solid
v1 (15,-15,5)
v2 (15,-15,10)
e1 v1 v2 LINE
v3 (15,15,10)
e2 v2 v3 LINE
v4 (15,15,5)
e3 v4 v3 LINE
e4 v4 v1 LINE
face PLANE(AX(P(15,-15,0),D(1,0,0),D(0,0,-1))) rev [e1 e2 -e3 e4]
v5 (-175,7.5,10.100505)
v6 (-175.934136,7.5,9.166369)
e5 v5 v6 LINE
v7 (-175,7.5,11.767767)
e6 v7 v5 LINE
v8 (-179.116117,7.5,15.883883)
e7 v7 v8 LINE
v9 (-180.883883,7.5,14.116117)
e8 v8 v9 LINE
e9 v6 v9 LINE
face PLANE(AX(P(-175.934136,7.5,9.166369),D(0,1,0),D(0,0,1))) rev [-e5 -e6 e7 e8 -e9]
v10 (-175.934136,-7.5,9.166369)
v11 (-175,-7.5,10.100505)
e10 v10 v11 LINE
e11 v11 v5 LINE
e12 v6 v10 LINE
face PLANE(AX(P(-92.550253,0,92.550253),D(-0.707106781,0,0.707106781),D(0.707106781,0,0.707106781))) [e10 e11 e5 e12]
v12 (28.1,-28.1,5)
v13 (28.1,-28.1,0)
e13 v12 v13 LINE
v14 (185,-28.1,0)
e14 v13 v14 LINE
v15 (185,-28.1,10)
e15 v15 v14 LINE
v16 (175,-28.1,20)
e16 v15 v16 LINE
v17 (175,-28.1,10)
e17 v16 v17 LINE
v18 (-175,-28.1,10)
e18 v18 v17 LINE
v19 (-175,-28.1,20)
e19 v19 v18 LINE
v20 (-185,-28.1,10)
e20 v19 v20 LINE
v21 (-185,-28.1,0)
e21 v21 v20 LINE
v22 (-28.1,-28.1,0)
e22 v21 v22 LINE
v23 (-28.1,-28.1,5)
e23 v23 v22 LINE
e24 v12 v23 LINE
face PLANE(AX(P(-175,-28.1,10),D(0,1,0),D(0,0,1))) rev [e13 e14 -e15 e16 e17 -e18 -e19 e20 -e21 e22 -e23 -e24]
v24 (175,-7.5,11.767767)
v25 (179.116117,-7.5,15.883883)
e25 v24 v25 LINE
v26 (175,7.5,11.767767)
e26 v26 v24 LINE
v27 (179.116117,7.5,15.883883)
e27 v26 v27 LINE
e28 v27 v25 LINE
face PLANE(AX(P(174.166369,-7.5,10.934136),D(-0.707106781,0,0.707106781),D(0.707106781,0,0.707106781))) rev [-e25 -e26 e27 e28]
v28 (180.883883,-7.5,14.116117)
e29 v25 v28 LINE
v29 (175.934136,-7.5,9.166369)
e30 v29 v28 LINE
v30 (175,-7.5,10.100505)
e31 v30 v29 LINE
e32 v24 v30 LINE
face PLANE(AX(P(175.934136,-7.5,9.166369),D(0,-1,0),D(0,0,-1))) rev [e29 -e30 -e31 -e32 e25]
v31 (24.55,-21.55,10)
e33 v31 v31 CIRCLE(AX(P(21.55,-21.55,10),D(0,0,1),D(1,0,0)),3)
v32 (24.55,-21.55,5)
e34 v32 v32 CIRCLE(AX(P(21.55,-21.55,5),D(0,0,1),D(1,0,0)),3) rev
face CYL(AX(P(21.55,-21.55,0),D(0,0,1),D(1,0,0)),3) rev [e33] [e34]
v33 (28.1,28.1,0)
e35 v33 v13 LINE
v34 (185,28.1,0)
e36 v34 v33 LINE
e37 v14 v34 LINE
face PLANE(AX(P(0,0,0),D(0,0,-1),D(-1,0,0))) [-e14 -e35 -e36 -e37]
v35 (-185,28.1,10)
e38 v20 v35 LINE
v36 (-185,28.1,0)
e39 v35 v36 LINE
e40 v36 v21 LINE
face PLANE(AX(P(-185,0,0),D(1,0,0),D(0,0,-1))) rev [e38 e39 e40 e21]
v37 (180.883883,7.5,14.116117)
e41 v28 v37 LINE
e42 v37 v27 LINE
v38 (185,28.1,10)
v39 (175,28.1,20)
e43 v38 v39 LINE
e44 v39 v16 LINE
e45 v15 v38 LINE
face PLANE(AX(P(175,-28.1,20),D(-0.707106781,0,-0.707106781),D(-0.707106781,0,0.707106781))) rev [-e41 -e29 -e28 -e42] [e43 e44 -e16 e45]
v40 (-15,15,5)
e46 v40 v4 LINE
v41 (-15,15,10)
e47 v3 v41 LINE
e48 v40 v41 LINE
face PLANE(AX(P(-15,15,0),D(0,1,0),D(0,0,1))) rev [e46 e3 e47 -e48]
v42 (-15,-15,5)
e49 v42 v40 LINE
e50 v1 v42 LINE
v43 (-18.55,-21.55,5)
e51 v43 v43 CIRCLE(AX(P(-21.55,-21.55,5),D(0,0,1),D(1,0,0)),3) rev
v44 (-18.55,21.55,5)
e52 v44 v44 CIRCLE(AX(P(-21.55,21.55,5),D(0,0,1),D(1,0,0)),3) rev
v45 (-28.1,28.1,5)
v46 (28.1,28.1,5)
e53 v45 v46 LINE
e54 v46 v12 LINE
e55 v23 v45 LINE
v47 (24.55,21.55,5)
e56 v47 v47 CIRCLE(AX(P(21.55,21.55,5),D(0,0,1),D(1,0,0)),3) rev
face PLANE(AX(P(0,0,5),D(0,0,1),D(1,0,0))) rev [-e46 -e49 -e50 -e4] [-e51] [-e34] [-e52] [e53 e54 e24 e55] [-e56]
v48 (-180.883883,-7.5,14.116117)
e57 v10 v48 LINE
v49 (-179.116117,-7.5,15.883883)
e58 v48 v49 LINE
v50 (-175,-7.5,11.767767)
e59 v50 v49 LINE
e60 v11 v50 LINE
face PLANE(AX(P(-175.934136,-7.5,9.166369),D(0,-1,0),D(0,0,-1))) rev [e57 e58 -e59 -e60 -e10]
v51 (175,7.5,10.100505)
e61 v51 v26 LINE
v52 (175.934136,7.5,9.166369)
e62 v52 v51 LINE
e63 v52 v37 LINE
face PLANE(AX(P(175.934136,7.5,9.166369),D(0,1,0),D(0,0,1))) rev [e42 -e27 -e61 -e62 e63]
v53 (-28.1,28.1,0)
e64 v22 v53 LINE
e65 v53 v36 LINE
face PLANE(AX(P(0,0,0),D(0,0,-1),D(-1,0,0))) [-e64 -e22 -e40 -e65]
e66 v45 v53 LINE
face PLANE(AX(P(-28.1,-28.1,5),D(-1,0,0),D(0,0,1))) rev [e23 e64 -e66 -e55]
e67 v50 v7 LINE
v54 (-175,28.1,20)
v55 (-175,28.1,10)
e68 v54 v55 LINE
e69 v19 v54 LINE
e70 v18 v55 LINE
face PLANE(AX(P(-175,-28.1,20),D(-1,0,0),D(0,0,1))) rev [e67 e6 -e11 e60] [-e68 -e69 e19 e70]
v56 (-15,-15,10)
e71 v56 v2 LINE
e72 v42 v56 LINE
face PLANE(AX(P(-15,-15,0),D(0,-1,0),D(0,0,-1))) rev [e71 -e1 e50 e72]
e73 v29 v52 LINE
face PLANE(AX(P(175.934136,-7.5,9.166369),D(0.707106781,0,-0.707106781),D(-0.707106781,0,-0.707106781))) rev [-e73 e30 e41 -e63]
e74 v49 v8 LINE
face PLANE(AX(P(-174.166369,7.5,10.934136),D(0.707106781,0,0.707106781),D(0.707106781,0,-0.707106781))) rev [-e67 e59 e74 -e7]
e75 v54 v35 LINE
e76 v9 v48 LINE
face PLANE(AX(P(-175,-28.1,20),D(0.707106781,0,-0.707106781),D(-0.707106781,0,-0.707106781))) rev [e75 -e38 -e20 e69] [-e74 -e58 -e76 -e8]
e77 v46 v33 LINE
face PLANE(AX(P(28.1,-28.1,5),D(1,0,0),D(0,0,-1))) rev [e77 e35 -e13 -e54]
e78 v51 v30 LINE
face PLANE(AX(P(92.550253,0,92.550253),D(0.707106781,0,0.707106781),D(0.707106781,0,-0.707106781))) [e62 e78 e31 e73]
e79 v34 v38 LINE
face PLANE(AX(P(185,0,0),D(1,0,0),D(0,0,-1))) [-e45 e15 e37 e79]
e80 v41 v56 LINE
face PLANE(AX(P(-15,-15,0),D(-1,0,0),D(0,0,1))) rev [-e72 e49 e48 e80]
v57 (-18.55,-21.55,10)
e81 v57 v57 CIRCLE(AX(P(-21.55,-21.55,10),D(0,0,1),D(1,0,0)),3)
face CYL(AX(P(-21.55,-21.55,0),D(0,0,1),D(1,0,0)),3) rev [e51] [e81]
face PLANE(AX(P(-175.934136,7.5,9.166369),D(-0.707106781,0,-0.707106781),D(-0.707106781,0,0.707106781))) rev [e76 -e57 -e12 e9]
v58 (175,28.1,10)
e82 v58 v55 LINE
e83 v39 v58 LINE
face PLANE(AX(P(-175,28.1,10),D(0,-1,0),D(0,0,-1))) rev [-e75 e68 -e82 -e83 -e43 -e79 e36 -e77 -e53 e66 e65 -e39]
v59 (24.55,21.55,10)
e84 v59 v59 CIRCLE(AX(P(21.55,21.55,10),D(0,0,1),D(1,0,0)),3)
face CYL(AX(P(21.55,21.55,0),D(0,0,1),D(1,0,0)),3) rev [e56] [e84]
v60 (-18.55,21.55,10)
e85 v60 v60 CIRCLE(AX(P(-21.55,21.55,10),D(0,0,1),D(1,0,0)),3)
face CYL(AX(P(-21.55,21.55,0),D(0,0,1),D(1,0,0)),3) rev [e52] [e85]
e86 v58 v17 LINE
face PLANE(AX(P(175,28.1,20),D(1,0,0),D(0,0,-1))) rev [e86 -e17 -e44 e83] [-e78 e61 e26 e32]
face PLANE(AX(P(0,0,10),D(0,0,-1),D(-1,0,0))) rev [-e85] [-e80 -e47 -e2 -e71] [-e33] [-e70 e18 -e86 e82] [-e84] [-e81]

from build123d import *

# Parameters (mm, degrees)
SKETCH1_W           = 350
SKETCH1_H           = 56.2
BOSS_EXTRUDE1_DEPTH = 10
SKETCH2_W           = 56.2
SKETCH2_H           = 56.2
CUT_EXTRUDE1_DEPTH  = 5
SKETCH3_W           = 10
SKETCH3_H           = 56.2
BOSS_EXTRUDE2_DEPTH = 10
SKETCH4_W           = 10
SKETCH4_H           = 56.2
BOSS_EXTRUDE3_DEPTH = 10
CUT_EXTRUDE2_DEPTH  = 56.2
SKETCH6_W           = 10
SKETCH6_H           = 56.2
BOSS_EXTRUDE4_DEPTH = 10
SKETCH7_W           = 10
SKETCH7_H           = 56.2
BOSS_EXTRUDE5_DEPTH = 10
CUT_EXTRUDE3_DEPTH  = 56.2
SKETCH9_W           = 30
SKETCH9_H           = 30
CUT_EXTRUDE4_DEPTH  = 5
SKETCH10_R          = 3
CUT_EXTRUDE5_DEPTH  = 5
SKETCH11_W          = 2.5
SKETCH11_H          = 15
CUT_EXTRUDE6_DEPTH  = 7
SKETCH12_W          = 2.5
SKETCH12_H          = 15
CUT_EXTRUDE8_DEPTH  = 7
SKETCH14_W          = 56.2
SKETCH14_H          = 56.2
SKETCH14_R          = 3
SKETCH14_W_2        = 30
SKETCH14_H_2        = 30
BOSS_EXTRUDE7_DEPTH = 5
SKETCH15_W          = 56.2
SKETCH15_H          = 56.2
CUT_EXTRUDE9_DEPTH  = 5


with BuildPart() as part:
    # Sketch1 → Boss-Extrude1 (new body)
    with BuildSketch(Plane.XY):
        Rectangle(SKETCH1_W, SKETCH1_H)
    extrude(amount=BOSS_EXTRUDE1_DEPTH)

    # Sketch2 → Cut-Extrude1 (cut)
    with BuildSketch(Plane.XY.offset(10)):
        Rectangle(SKETCH2_W, SKETCH2_H)
    extrude(amount=-CUT_EXTRUDE1_DEPTH, mode=Mode.SUBTRACT)

    # Sketch3 → Boss-Extrude2 (add)
    with BuildSketch(Plane(origin=(175, 0, 0), x_dir=(0, 0, -1), z_dir=(1, 0, 0))):
        with Locations((-5, 0)):
            Rectangle(SKETCH3_W, SKETCH3_H)
    extrude(amount=BOSS_EXTRUDE2_DEPTH)

    # Sketch4 → Boss-Extrude3 (add)
    with BuildSketch(Plane.XY.offset(10)):
        with Locations((180, 0)):
            Rectangle(SKETCH4_W, SKETCH4_H)
    extrude(amount=BOSS_EXTRUDE3_DEPTH)

    # Sketch5 → Cut-Extrude2 (cut)
    with BuildSketch(Plane(origin=(0, 28.1, 0), x_dir=(1, 0, 0), z_dir=(0, 1, 0))):
        Polygon((175, -20), (185, -10), (185, -20), align=None)
    extrude(amount=-CUT_EXTRUDE2_DEPTH, mode=Mode.SUBTRACT)

    # Sketch6 → Boss-Extrude4 (add)
    with BuildSketch(Plane.ZY.offset(175)):
        with Locations((5, 0)):
            Rectangle(SKETCH6_W, SKETCH6_H)
    extrude(amount=BOSS_EXTRUDE4_DEPTH)

    # Sketch7 → Boss-Extrude5 (add)
    with BuildSketch(Plane.XY.offset(10)):
        with Locations((-180, 0)):
            Rectangle(SKETCH7_W, SKETCH7_H)
    extrude(amount=BOSS_EXTRUDE5_DEPTH)

    # Sketch8 → Cut-Extrude3 (cut)
    with BuildSketch(Plane(origin=(0, 28.1, 0), x_dir=(1, 0, 0), z_dir=(0, 1, 0))):
        Polygon((-175, -20), (-185, -10), (-185, -20), align=None)
    extrude(amount=-CUT_EXTRUDE3_DEPTH, mode=Mode.SUBTRACT)

    # Sketch9 → Cut-Extrude4 (cut)
    with BuildSketch(Plane.XY.offset(5)):
        Rectangle(SKETCH9_W, SKETCH9_H)
    extrude(amount=-CUT_EXTRUDE4_DEPTH, mode=Mode.SUBTRACT)

    # Sketch10 → Cut-Extrude5 (cut)
    with BuildSketch(Plane.XY.offset(5)):
        with Locations((21.55, 21.55)):
            Circle(SKETCH10_R)
        with Locations((-21.55, -21.55)):
            Circle(SKETCH10_R)
        with Locations((-21.55, 21.55)):
            Circle(SKETCH10_R)
        with Locations((21.55, -21.55)):
            Circle(SKETCH10_R)
    extrude(amount=-CUT_EXTRUDE5_DEPTH, mode=Mode.SUBTRACT)

    # Sketch11 → Cut-Extrude6 (cut)
    with BuildSketch(Plane(origin=(97.5, 0, 97.5), x_dir=(0.707106781, 0, -0.707106781), z_dir=(0.707106781, 0, 0.707106781))):
        with Locations((116.672618896, 0)):
            Rectangle(SKETCH11_W, SKETCH11_H)
    extrude(amount=-CUT_EXTRUDE6_DEPTH, mode=Mode.SUBTRACT)

    # Sketch12 → Cut-Extrude8 (cut)
    with BuildSketch(Plane(origin=(-97.5, 0, 97.5), x_dir=(0.707106781, 0, 0.707106781), z_dir=(-0.707106781, 0, 0.707106781))):
        with Locations((-116.672618896, 0)):
            Rectangle(SKETCH12_W, SKETCH12_H)
    extrude(amount=-CUT_EXTRUDE8_DEPTH, mode=Mode.SUBTRACT)

    # Sketch14 → Boss-Extrude7 (add)
    with BuildSketch(Plane.XY.offset(5)):
        Rectangle(SKETCH14_W, SKETCH14_H)
        with Locations((-21.55, 21.55)):
            Circle(SKETCH14_R, mode=Mode.SUBTRACT)
        with Locations((21.55, 21.55)):
            Circle(SKETCH14_R, mode=Mode.SUBTRACT)
        with Locations((21.55, -21.55)):
            Circle(SKETCH14_R, mode=Mode.SUBTRACT)
        with Locations((-21.55, -21.55)):
            Circle(SKETCH14_R, mode=Mode.SUBTRACT)
        Rectangle(SKETCH14_W_2, SKETCH14_H_2, mode=Mode.SUBTRACT)
    extrude(amount=BOSS_EXTRUDE7_DEPTH)

    # Sketch15 → Cut-Extrude9 (cut)
    with BuildSketch(Plane(origin=(0, 0, 0), x_dir=(-1, 0, 0), z_dir=(0, 0, -1))):
        Rectangle(SKETCH15_W, SKETCH15_H)
    extrude(amount=-CUT_EXTRUDE9_DEPTH, mode=Mode.SUBTRACT)


solid = part.part
